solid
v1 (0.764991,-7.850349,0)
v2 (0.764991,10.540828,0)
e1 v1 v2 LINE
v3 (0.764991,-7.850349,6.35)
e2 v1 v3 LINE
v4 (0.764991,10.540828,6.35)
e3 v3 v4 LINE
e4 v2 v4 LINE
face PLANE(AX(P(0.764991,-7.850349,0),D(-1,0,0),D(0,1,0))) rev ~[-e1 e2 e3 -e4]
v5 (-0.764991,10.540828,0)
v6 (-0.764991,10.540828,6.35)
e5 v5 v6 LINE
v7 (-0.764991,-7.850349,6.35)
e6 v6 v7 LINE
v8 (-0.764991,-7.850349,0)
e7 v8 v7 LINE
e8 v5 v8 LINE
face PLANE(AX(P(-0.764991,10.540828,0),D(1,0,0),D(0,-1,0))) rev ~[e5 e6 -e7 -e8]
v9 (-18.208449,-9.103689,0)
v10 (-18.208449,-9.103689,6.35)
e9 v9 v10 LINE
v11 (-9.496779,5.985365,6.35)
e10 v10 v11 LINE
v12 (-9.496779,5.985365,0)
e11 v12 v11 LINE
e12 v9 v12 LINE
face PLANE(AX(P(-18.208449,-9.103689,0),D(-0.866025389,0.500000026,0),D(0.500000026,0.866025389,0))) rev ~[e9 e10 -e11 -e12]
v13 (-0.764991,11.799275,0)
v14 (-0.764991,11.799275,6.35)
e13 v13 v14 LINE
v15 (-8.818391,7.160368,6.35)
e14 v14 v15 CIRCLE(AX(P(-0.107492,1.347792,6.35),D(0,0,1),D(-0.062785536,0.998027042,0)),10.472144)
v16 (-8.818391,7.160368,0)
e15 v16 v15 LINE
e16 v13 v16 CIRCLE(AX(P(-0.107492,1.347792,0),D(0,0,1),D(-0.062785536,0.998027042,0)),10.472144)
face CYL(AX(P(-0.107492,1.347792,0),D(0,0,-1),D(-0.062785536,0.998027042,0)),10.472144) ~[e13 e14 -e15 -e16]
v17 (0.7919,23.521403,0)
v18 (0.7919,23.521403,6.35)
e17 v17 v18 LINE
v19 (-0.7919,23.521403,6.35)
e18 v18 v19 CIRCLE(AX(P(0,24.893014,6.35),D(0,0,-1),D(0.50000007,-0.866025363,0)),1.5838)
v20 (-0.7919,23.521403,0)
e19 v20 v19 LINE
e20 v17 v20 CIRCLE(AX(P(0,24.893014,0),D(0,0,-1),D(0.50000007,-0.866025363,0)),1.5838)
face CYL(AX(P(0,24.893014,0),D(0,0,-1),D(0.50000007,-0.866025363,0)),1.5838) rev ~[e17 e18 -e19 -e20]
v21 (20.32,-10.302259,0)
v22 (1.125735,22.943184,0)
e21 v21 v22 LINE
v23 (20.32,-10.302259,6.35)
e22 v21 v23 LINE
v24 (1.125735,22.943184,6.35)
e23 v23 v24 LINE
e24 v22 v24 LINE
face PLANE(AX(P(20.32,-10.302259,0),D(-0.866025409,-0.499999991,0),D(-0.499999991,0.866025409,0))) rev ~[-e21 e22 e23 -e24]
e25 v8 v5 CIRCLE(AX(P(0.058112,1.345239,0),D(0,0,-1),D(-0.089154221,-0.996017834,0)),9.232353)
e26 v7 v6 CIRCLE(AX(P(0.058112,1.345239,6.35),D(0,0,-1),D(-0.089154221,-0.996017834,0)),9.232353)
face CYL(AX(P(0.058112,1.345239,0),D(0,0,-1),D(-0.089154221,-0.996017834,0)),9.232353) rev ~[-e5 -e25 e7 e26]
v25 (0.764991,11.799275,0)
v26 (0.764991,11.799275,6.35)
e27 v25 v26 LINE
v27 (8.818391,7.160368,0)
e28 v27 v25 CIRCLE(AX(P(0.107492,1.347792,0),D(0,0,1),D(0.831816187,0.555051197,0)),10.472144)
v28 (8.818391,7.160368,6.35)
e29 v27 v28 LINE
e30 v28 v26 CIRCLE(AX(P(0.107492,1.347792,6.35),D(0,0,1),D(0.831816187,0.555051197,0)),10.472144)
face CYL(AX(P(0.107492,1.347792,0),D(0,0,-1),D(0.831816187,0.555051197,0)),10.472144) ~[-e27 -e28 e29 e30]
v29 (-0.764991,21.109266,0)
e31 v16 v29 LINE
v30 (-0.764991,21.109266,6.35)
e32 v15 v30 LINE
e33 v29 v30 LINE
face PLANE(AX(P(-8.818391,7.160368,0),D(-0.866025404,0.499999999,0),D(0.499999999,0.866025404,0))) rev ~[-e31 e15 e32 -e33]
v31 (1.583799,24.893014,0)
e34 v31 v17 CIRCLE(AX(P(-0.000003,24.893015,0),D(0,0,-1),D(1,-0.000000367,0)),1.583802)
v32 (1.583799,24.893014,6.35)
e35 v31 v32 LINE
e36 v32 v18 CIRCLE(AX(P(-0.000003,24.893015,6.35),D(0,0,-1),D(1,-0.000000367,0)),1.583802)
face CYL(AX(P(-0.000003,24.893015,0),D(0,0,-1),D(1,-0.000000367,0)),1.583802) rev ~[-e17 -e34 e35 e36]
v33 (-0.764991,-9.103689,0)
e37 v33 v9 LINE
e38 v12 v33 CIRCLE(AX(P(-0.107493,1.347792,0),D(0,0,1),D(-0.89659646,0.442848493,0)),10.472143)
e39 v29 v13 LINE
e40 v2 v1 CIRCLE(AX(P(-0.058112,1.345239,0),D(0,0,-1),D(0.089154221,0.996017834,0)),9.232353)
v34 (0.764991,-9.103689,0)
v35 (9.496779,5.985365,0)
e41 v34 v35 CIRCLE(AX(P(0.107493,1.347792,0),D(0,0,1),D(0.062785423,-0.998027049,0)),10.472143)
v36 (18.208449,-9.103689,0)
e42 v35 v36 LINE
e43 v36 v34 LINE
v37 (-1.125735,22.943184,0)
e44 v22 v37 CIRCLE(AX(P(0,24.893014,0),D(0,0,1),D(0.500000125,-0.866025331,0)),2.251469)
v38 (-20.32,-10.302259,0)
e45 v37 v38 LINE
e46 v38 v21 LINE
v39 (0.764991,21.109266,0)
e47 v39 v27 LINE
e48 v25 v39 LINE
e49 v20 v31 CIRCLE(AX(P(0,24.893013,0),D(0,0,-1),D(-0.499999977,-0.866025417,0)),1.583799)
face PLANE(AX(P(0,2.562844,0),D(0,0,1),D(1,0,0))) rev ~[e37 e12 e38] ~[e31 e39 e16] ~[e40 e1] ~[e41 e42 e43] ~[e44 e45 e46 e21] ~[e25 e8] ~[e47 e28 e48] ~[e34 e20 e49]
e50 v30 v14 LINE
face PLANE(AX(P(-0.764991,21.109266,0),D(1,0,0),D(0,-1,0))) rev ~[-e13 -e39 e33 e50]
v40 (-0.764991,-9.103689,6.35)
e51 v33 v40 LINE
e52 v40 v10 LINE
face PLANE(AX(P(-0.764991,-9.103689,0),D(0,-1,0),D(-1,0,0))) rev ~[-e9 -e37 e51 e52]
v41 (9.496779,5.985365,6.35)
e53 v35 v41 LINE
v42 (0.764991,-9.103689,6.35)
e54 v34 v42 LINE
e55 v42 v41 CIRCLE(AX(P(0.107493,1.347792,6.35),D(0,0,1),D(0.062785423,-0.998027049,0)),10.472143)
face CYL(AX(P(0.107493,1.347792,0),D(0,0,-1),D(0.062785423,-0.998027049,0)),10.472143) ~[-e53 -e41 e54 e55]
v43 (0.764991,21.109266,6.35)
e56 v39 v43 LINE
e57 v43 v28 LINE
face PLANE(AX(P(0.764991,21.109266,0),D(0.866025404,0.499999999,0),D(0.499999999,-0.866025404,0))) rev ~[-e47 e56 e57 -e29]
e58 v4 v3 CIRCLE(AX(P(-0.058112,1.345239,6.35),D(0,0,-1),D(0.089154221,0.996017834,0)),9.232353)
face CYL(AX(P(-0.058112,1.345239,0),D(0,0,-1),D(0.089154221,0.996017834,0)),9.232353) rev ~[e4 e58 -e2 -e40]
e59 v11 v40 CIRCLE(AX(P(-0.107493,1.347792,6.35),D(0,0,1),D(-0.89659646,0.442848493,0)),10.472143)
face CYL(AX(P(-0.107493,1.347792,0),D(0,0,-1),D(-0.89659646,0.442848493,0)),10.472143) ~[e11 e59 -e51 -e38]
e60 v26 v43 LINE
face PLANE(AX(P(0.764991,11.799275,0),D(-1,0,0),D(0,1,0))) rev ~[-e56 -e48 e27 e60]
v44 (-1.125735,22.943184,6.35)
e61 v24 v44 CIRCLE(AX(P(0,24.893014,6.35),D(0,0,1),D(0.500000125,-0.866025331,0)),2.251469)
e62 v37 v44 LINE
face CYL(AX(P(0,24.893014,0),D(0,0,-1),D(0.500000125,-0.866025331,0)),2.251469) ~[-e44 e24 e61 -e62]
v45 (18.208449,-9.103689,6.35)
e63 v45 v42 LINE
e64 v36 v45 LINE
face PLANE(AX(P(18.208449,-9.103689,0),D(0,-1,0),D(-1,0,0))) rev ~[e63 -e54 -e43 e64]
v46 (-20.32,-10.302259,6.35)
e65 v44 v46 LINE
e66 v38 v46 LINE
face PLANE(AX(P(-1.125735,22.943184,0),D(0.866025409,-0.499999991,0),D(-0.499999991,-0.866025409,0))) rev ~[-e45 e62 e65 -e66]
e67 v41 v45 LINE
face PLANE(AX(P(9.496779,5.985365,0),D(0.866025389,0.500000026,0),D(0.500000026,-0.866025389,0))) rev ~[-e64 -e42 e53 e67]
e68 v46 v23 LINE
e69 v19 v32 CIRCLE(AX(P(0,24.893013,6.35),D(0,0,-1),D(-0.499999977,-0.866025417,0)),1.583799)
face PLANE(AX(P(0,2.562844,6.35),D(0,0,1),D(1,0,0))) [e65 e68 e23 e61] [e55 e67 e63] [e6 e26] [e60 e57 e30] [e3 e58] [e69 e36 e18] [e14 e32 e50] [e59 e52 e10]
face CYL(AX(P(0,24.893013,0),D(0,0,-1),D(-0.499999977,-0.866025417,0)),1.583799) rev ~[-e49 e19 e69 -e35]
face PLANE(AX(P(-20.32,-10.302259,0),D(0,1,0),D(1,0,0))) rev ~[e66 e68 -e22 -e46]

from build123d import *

# Parameters (mm, degrees)
F1_DEPTH = 6.35


with BuildPart() as f1:
    # F0 (on Top) → F1 (new body)
    with BuildSketch(Plane.XY):
        with BuildLine():
            Line((-1.125735, 22.943184), (-20.32, -10.302259))
            Line((-20.32, -10.302259), (0, -10.302259))
            Line((0, -10.302259), (20.32, -10.302259))
            Line((20.32, -10.302259), (1.125735, 22.943184))
            ThreePointArc((1.125735, 22.943184), (0, 27.144483), (-1.125735, 22.943184))
        make_face()
        with BuildLine():
            Line((-0.764991, -9.103689), (-18.208449, -9.103689))
            Line((-18.208449, -9.103689), (-9.496779, 5.985365))
            ThreePointArc((-9.496779, 5.985365), (-9.171397, -3.89734), (-0.764991, -9.103689))
        make_face(mode=Mode.SUBTRACT)
        with BuildLine():
            Line((-0.764991, 10.540828), (-0.764991, -7.850349))
            ThreePointArc((-0.764991, -7.850349), (-9.174241, 1.345239), (-0.764991, 10.540828))
        make_face(mode=Mode.SUBTRACT)
        with BuildLine():
            ThreePointArc((0.764991, -9.103689), (9.171397, -3.89734), (9.496779, 5.985365))
            Line((9.496779, 5.985365), (18.208449, -9.103689))
            Line((18.208449, -9.103689), (0.764991, -9.103689))
        make_face(mode=Mode.SUBTRACT)
        with BuildLine():
            Line((0.764991, -7.850349), (0.764991, 10.540828))
            ThreePointArc((0.764991, 10.540828), (9.174241, 1.345239), (0.764991, -7.850349))
        make_face(mode=Mode.SUBTRACT)
        with BuildLine():
            Line((-0.764991, 21.109266), (-0.764991, 11.799275))
            ThreePointArc((-0.764991, 11.799275), (-5.334498, 10.422163), (-8.818391, 7.160368))
            Line((-8.818391, 7.160368), (-0.764991, 21.109266))
        make_face(mode=Mode.SUBTRACT)
        with BuildLine():
            ThreePointArc((8.818391, 7.160368), (5.334498, 10.422163), (0.764991, 11.799275))
            Line((0.764991, 11.799275), (0.764991, 21.109266))
            Line((0.764991, 21.109266), (8.818391, 7.160368))
        make_face(mode=Mode.SUBTRACT)
        with BuildLine():
            ThreePointArc((1.583799, 24.893014), (1.37161, 24.101114), (0.7919, 23.521403))
            ThreePointArc((0.7919, 23.521403), (0, 23.309214), (-0.7919, 23.521403))
            ThreePointArc((-0.7919, 23.521403), (-0.7919, 26.264624), (1.583799, 24.893014))
        make_face(mode=Mode.SUBTRACT)
    extrude(amount=F1_DEPTH)


solid = f1.part
